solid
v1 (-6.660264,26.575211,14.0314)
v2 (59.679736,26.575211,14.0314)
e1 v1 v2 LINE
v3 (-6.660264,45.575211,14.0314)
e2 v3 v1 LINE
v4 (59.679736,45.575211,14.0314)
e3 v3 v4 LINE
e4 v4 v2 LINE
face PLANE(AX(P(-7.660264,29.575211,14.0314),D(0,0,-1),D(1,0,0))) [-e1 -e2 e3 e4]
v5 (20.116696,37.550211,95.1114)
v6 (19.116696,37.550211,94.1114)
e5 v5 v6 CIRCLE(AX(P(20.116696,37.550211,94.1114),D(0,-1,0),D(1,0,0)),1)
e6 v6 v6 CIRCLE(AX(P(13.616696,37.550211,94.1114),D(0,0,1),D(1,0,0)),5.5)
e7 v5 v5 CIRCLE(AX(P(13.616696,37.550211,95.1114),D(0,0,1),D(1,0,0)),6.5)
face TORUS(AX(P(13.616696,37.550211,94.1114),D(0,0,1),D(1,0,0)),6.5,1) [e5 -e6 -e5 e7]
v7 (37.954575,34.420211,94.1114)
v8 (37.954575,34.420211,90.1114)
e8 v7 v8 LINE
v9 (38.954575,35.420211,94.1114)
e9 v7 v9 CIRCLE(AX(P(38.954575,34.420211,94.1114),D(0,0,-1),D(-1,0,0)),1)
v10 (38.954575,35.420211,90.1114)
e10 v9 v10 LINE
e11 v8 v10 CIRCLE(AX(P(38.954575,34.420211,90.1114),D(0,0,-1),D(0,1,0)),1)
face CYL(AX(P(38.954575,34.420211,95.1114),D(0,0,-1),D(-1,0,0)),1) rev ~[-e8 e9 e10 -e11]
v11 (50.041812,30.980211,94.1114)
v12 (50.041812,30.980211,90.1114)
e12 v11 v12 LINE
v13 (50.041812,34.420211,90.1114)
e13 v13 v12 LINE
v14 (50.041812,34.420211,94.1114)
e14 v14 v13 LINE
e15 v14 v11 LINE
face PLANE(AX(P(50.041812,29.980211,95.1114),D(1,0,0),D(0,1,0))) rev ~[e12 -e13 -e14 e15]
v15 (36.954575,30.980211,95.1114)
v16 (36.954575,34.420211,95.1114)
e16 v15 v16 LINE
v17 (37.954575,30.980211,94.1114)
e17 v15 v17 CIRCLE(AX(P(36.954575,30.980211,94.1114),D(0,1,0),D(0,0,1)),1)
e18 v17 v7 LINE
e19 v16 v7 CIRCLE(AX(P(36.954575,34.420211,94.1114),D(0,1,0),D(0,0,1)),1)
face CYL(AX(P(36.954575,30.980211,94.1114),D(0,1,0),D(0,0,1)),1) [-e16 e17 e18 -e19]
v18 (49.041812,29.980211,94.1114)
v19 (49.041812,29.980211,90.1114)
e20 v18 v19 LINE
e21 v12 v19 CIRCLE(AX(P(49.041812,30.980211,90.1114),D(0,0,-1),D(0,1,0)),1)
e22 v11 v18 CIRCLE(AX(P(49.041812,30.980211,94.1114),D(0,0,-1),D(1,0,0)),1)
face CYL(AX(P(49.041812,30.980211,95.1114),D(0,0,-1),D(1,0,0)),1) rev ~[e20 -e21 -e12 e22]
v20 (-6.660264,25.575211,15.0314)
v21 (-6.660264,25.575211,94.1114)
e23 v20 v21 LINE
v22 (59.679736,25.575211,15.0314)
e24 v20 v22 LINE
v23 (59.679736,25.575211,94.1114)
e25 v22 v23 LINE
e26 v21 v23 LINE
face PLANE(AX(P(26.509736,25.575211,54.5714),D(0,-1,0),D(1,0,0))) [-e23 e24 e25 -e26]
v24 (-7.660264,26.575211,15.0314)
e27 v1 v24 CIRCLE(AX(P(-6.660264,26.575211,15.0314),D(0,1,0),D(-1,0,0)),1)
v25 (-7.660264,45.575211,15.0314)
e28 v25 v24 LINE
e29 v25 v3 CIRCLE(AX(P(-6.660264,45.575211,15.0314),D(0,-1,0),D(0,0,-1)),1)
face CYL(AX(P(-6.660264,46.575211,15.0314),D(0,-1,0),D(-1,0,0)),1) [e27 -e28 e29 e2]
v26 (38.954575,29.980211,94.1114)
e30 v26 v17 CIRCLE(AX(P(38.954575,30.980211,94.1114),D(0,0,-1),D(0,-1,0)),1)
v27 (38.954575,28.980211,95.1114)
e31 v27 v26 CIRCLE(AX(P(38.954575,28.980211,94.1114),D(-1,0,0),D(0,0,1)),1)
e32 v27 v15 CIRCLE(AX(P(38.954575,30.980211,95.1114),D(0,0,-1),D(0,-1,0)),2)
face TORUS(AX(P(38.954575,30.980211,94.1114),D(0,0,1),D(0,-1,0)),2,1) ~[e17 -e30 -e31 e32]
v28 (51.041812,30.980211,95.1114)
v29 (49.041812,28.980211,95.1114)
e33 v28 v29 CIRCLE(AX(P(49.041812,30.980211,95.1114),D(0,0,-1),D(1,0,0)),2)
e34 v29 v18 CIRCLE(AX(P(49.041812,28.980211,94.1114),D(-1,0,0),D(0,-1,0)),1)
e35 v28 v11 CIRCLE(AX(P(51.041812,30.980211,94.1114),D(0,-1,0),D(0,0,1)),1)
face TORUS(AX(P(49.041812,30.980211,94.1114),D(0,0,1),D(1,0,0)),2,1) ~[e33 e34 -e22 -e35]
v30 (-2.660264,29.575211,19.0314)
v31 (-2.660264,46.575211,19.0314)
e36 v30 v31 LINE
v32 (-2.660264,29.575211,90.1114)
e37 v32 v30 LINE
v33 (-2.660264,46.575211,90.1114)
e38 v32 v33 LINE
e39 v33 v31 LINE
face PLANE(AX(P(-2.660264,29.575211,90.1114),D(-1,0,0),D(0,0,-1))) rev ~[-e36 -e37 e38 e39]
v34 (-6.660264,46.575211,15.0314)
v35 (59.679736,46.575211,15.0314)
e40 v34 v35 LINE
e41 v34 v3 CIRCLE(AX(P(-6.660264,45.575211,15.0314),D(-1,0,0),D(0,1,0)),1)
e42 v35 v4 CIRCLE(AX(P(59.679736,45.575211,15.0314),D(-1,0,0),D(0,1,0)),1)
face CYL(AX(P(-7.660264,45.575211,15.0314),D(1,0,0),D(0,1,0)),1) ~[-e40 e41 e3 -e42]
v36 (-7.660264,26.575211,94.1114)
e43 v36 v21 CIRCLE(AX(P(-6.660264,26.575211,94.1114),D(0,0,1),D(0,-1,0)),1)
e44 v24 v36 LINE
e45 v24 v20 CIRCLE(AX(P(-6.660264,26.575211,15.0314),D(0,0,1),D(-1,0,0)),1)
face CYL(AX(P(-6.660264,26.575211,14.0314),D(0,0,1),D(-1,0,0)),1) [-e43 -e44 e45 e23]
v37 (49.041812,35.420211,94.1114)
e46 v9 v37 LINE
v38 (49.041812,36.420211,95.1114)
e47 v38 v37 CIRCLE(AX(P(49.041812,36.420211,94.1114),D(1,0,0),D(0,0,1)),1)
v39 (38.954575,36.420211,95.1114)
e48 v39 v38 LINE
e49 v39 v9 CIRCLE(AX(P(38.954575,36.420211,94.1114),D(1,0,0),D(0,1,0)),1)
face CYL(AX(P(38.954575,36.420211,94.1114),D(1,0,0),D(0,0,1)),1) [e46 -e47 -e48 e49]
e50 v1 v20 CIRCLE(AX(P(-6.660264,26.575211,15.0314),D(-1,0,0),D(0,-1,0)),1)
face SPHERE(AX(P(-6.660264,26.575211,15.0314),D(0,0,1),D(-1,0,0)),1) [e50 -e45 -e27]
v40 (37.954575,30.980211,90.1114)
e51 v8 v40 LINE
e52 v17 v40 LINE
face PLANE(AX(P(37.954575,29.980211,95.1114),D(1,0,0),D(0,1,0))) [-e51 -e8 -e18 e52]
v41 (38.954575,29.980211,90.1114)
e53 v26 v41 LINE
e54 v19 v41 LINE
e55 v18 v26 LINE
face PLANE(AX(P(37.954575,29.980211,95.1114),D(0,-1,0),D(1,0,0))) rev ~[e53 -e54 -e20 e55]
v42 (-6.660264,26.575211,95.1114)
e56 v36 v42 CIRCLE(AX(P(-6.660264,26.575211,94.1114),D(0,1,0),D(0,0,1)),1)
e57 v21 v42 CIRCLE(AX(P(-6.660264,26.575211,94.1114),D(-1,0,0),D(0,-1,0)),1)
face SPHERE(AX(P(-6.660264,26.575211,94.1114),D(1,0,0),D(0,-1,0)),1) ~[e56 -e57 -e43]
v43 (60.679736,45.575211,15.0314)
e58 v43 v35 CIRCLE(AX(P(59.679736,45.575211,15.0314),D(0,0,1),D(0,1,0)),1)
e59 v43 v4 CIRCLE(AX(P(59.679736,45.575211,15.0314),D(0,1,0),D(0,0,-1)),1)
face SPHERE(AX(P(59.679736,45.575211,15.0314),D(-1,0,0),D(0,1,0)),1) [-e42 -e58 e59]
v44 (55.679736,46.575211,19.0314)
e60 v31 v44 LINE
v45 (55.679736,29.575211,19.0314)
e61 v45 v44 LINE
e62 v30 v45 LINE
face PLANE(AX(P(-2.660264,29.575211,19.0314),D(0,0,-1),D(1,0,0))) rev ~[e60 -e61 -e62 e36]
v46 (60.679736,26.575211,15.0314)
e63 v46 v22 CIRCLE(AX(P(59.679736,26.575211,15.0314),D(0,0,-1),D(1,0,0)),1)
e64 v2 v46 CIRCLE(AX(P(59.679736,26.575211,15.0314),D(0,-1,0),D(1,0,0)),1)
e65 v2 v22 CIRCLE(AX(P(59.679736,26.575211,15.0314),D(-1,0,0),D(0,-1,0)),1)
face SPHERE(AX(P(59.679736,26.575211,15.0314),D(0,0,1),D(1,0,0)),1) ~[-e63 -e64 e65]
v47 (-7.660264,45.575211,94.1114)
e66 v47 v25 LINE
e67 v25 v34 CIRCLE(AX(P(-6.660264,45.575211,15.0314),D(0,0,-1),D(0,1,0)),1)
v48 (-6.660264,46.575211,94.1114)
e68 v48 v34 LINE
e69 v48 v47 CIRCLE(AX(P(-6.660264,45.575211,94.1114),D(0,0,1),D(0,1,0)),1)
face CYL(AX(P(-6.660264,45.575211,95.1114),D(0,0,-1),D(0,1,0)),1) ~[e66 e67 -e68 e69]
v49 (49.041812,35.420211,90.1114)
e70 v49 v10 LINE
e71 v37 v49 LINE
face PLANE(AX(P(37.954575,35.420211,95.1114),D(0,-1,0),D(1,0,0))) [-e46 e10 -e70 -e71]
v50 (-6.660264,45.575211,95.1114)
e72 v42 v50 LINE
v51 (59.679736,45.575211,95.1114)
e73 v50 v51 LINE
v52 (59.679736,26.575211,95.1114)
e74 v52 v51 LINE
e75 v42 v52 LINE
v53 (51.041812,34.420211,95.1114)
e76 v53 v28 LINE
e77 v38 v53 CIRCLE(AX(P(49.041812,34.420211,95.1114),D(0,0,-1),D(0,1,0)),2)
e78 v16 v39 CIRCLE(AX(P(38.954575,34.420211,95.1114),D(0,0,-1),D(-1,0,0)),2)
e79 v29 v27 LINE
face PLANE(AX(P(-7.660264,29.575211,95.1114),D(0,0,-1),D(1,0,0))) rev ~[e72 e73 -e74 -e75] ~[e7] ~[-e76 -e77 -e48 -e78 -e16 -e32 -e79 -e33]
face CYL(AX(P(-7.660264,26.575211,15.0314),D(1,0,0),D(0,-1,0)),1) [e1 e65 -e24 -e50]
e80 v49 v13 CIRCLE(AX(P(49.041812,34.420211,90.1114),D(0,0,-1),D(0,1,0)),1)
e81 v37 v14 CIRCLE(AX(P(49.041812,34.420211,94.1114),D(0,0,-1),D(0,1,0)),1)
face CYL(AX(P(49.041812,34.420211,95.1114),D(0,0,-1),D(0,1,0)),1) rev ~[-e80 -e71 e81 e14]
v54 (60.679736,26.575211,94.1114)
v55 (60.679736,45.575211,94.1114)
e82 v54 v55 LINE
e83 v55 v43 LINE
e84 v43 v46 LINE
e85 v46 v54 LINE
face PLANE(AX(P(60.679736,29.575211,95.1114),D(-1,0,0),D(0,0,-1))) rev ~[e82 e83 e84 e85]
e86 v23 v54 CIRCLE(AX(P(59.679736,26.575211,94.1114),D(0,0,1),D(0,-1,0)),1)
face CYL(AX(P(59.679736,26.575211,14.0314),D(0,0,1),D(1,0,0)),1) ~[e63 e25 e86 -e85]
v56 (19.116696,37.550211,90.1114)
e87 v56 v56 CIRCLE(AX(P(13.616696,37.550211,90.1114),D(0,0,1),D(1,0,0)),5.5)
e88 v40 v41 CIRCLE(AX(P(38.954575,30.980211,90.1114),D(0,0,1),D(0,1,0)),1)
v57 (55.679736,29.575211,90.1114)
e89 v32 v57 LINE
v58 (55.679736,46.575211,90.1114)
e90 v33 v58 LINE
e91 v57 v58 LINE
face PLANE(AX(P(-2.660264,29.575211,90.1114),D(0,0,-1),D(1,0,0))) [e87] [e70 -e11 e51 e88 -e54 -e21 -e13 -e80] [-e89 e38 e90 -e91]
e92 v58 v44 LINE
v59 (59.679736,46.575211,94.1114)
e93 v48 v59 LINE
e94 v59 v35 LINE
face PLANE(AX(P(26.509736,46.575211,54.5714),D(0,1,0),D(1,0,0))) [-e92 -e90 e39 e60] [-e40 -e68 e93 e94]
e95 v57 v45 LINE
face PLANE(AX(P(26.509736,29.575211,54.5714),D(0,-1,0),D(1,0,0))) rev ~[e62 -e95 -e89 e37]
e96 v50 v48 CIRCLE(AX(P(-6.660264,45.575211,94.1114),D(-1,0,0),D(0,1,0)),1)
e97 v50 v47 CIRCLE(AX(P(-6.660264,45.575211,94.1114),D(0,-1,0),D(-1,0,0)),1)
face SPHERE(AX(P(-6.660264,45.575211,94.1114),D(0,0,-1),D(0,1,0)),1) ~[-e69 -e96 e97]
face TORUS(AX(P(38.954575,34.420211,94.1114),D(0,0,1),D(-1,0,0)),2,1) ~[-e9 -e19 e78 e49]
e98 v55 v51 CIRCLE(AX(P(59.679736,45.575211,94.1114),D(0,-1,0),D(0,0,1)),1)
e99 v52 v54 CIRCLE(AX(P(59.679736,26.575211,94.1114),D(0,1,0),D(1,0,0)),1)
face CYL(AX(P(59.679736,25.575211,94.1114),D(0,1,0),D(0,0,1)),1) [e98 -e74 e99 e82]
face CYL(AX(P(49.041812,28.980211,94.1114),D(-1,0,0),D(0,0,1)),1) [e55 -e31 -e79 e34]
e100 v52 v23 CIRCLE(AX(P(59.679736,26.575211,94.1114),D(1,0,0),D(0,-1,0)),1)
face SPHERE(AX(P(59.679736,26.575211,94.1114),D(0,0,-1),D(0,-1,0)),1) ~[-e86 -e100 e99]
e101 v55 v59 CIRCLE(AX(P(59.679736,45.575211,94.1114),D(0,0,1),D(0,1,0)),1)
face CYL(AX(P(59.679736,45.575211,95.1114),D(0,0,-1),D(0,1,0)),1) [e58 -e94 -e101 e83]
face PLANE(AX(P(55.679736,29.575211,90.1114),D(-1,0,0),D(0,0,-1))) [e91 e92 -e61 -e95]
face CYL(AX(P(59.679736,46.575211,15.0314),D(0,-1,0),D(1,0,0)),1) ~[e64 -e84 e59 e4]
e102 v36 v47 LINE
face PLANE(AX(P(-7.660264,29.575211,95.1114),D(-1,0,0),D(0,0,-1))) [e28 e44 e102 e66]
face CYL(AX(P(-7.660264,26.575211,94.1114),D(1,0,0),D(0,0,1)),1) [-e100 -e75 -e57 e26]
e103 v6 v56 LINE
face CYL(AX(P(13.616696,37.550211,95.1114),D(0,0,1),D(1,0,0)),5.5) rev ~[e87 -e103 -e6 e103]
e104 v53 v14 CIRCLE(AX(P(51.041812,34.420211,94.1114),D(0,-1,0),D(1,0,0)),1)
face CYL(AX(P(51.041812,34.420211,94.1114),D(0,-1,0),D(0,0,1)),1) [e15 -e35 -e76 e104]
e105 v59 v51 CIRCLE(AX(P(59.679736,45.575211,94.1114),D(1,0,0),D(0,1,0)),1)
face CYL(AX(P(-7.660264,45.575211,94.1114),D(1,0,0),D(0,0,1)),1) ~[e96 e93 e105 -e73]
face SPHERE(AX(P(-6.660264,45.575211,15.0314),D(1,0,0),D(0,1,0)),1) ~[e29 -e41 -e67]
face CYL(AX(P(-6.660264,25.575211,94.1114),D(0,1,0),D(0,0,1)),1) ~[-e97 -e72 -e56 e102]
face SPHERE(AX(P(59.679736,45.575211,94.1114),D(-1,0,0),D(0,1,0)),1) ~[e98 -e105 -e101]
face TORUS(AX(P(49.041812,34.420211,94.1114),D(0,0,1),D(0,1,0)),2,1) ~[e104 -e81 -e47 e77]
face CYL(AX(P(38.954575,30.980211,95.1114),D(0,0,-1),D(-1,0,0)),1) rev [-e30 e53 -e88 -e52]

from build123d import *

# Parameters (mm, degrees)
CROQUIS1_W              = 68.34
CROQUIS1_H              = 81.08
SALIENTE_EXTRUIR1_DEPTH = 4
CROQUIS2_W              = 68.34
CROQUIS2_H              = 81.08
CROQUIS2_W_2            = 58.34
CROQUIS2_H_2            = 71.08
SALIENTE_EXTRUIR2_DEPTH = 17
CROQUIS3_R              = 5.5
CROQUIS3_W              = 12.087237368
CROQUIS3_H              = 5.44
CORTAR_EXTRUIR1_DEPTH   = 8
REDONDEO1_R             = 1
REDONDEO2_R             = 1


with BuildPart() as part:
    # Croquis1 → Saliente-Extruir1 (new body)
    with BuildSketch(Plane.XZ.offset(-29.575210532)):
        with Locations((26.509736299, 54.571399583)):
            Rectangle(CROQUIS1_W, CROQUIS1_H)
    extrude(amount=SALIENTE_EXTRUIR1_DEPTH)

    # Croquis2 → Saliente-Extruir2 (add)
    with BuildSketch(Plane(origin=(0, 29.575210532, 0), x_dir=(1, 0, 0), z_dir=(0, 1, 0))):
        with Locations((26.509736299, -54.571399583)):
            Rectangle(CROQUIS2_W, CROQUIS2_H)
        with Locations((26.509736299, -54.571399583)):
            Rectangle(CROQUIS2_W_2, CROQUIS2_H_2, mode=Mode.SUBTRACT)
    extrude(amount=SALIENTE_EXTRUIR2_DEPTH)

    # Croquis3 → Cortar-Extruir1 (cut)
    with BuildSketch(Plane.XY.offset(95.111399583)):
        with Locations((13.616696299, 37.550210532)):
            Circle(CROQUIS3_R)
        with Locations((43.998193346, 32.700210532)):
            Rectangle(CROQUIS3_W, CROQUIS3_H)
    extrude(amount=-CORTAR_EXTRUIR1_DEPTH, mode=Mode.SUBTRACT)

    # Redondeo1
    redondeo1_edges = [part.edges().sort_by_distance(p)[0] for p in [
        (37.954574662, 29.980210532, 92.611399583),
        (37.954574662, 35.420210532, 92.611399583),
        (50.04181203, 35.420210532, 92.611399583),
        (50.04181203, 29.980210532, 92.611399583),
    ]]
    fillet(redondeo1_edges, radius=REDONDEO1_R)

    # Redondeo2
    redondeo2_edges = [part.edges().sort_by_distance(p)[0] for p in [
        (60.679736299, 25.575210532, 54.571399583),
        (26.509736299, 46.575210532, 14.031399583),
        (-7.660263701, 46.575210532, 54.571399583),
        (26.509736299, 46.575210532, 95.111399583),
        (60.679736299, 46.575210532, 54.571399583),
        (26.509736299, 25.575210532, 95.111399583),
        (-7.660263701, 25.575210532, 54.571399583),
        (8.116696299, 37.550210532, 95.111399583),
        (37.954574662, 32.700210532, 95.111399583),
        (43.998193346, 35.420210532, 95.111399583),
        (50.04181203, 32.700210532, 95.111399583),
        (43.998193346, 29.980210532, 95.111399583),
        (38.247467881, 35.127317313, 95.111399583),
        (49.748918811, 35.127317313, 95.111399583),
        (49.748918811, 30.27310375, 95.111399583),
        (38.247467881, 30.27310375, 95.111399583),
        (-7.660263701, 36.075210532, 95.111399583),
        (60.679736299, 36.075210532, 95.111399583),
        (60.679736299, 36.075210532, 14.031399583),
        (-7.660263701, 36.075210532, 14.031399583),
        (26.509736299, 25.575210532, 14.031399583),
    ]]
    fillet(redondeo2_edges, radius=REDONDEO2_R)


solid = part.part
